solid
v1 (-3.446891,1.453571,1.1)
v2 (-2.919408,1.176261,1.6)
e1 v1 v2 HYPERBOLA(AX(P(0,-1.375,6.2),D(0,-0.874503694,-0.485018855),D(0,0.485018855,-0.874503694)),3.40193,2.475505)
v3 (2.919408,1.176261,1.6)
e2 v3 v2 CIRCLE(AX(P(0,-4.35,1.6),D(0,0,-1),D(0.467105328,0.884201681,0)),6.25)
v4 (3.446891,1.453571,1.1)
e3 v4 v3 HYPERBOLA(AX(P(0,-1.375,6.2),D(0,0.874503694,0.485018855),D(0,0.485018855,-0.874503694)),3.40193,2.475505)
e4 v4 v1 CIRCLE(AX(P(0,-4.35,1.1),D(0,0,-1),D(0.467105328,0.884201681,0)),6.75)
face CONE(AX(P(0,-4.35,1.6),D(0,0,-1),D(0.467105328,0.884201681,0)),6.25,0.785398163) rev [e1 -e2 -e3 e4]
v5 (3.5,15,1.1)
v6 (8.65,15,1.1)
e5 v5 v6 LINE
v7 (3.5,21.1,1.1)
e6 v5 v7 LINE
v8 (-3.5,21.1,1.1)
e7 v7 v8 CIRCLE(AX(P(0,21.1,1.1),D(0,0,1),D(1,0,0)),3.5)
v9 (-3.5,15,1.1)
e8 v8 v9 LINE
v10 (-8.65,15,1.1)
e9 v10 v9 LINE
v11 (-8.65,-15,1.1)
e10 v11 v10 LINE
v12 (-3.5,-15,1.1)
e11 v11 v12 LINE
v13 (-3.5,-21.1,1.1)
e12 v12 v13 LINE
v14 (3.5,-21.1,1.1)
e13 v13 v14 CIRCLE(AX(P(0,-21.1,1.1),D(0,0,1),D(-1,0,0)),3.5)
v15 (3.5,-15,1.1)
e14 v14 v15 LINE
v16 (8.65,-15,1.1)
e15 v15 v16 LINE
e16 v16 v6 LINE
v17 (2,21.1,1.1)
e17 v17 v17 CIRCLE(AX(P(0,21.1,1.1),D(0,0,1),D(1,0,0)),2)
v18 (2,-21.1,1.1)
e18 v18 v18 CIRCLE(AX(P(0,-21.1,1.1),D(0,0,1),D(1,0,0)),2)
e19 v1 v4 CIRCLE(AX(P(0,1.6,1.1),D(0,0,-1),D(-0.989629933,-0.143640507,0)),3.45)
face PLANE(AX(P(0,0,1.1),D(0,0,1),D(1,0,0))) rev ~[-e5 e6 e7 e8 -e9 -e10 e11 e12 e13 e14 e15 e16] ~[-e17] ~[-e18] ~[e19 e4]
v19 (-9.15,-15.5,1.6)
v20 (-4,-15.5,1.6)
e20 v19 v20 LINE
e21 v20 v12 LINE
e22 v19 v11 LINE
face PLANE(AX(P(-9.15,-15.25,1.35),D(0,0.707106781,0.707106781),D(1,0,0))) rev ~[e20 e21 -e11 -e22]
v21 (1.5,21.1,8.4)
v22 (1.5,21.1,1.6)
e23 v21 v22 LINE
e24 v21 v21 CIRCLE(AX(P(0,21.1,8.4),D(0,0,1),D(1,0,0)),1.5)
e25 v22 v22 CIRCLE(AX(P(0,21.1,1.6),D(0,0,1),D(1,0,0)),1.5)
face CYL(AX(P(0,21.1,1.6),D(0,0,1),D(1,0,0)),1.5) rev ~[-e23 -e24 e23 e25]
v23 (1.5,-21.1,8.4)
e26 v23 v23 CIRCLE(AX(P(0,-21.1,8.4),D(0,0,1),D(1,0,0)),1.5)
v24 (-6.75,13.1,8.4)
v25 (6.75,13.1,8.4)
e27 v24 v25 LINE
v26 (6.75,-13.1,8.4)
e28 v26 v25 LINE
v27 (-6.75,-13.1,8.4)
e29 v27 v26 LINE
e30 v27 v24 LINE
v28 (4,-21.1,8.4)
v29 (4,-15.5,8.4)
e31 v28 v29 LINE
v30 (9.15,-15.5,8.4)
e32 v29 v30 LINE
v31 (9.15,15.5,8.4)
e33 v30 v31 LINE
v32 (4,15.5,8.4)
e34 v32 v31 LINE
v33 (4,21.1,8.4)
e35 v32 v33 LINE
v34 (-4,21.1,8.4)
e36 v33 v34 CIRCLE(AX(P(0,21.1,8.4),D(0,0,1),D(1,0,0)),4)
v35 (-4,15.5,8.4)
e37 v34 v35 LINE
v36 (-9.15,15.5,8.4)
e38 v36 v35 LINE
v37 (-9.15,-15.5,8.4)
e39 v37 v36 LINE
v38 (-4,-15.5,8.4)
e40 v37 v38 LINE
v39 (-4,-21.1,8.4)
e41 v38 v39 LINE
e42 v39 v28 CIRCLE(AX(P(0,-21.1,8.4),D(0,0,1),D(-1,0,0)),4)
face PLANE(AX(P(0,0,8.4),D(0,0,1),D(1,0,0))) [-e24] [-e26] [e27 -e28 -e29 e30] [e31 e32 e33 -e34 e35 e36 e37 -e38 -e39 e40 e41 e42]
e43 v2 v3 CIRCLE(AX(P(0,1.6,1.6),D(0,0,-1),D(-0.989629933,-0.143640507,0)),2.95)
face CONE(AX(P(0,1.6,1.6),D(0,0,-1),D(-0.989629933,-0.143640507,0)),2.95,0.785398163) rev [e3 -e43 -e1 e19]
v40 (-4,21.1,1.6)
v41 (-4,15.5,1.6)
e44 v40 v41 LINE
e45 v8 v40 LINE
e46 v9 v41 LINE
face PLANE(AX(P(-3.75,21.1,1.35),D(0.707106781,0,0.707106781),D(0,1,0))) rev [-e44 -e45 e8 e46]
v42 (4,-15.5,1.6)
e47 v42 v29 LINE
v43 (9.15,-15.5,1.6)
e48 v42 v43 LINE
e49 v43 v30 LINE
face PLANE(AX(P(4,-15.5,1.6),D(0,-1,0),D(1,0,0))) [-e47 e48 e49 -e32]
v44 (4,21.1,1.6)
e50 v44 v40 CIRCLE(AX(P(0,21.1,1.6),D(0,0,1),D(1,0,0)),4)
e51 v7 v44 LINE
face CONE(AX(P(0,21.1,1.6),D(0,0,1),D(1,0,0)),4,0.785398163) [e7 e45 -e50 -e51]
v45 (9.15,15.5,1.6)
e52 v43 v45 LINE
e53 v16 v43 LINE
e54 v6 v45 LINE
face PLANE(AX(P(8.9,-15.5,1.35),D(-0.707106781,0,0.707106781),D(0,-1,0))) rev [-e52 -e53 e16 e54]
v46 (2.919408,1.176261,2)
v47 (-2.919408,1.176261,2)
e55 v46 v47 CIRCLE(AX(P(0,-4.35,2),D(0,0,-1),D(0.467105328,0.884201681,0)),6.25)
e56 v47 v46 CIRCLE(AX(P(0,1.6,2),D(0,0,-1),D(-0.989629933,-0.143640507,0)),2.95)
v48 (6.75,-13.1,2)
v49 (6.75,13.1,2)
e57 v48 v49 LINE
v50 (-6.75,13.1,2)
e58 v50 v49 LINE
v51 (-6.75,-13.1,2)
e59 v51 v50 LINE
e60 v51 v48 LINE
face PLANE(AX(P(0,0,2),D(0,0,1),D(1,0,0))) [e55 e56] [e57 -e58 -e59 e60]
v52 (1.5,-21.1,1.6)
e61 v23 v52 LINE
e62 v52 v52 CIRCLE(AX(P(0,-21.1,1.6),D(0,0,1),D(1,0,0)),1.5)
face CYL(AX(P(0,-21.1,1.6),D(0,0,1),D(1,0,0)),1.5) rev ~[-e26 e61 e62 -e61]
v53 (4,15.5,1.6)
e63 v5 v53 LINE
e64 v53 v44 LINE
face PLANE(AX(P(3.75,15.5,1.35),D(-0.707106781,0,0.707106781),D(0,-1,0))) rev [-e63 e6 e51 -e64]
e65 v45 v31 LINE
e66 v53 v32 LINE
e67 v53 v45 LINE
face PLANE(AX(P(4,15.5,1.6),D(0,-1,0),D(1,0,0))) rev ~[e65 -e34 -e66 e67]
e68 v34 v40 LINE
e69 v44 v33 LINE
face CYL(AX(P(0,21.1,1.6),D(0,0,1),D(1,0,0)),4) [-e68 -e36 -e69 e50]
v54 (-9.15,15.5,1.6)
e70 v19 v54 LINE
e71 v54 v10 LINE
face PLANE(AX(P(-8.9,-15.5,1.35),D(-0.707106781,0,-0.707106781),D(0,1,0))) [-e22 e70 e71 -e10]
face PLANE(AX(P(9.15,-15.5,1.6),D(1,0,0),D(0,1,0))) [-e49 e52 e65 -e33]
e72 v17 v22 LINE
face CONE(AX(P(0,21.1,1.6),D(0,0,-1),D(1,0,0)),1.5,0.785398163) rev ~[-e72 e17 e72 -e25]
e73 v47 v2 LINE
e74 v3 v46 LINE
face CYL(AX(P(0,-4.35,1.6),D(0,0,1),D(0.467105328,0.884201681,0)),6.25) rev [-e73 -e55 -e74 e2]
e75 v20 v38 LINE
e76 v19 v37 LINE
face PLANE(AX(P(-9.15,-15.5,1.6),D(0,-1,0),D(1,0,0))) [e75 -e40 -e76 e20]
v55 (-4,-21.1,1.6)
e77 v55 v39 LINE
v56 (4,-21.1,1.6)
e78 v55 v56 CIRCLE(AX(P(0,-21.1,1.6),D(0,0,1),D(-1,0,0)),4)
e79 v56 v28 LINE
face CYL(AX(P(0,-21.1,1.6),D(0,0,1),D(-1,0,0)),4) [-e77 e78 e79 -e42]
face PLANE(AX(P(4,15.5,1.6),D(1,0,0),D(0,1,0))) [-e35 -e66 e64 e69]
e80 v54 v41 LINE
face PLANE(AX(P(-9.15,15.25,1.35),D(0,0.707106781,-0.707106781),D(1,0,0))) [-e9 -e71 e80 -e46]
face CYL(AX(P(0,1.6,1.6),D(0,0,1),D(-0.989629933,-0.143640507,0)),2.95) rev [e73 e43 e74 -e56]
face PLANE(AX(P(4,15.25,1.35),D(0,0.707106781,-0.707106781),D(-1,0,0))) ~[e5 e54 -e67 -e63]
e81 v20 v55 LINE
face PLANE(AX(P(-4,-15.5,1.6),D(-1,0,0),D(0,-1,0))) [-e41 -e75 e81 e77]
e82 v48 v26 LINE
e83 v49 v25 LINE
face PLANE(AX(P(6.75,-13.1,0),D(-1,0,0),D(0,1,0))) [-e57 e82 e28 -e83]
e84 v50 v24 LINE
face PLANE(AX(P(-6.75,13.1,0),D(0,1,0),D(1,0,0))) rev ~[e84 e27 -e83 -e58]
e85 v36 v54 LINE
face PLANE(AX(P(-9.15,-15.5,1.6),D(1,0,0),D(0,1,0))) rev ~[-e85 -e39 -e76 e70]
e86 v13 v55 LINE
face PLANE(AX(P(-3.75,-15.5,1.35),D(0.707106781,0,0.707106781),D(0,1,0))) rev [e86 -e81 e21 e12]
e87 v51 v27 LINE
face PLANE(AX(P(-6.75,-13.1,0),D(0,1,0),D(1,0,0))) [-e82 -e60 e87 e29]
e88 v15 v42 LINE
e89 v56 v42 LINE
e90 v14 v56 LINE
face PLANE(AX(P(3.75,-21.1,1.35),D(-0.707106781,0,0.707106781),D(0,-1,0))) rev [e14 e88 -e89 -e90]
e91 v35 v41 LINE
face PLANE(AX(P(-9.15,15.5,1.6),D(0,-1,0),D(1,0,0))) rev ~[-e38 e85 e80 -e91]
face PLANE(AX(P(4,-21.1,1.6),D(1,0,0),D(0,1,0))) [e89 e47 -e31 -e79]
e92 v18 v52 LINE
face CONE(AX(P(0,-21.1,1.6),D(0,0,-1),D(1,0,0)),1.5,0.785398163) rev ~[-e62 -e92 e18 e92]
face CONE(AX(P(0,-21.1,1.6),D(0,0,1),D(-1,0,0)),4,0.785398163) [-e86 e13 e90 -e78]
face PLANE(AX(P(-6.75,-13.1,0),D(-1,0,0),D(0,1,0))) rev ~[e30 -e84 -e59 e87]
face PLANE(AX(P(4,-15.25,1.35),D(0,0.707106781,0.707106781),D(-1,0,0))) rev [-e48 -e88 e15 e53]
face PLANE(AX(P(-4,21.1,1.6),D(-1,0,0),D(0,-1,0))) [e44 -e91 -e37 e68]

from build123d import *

# Parameters (mm, degrees)
F0_W      = 13.5
F0_H      = 26.2
F1_DEPTH  = 2
F2_W      = 18.3
F2_H      = 31
F2_W_2    = 13.5
F2_H_2    = 26.2
F3_DEPTH  = 8.4
F4_R      = 1.5
F5_DEPTH  = 8.4
F6_DEPTH  = 2.4
F7_DEPTH  = 2
F8_DEPTH  = 2
F9_DEPTH  = 1
F10_DEPTH = 0.5
F11_SIZE  = 0.5


with BuildPart() as f1:
    # F0 (on Top) → F1 (new body)
    with BuildSketch(Plane.XY):
        Rectangle(F0_W, F0_H)
        with BuildLine():
            ThreePointArc((2.919408303, 1.1762605042), (0, -10.6), (-2.919408303, 1.1762605042))
            ThreePointArc((-2.919408303, 1.1762605042), (0, 4.55), (2.919408303, 1.1762605042))
        make_face(mode=Mode.SUBTRACT)
    extrude(amount=F1_DEPTH)

    # F2 (on Top) → F3 (join)
    with BuildSketch(Plane.XY):
        Rectangle(F2_W, F2_H)
        Rectangle(F2_W_2, F2_H_2, mode=Mode.SUBTRACT)
    extrude(amount=F3_DEPTH)

    # F4 (on Top) → F5 (join, through all)
    with BuildSketch(Plane.XY):
        with BuildLine():
            Line((-4, 21.1), (-4, 15.5))
            Line((-4, 15.5), (4, 15.5))
            Line((4, 15.5), (4, 21.1))
            ThreePointArc((4, 21.1), (0, 25.1), (-4, 21.1))
        make_face()
        with Locations((0, 21.1)):
            Circle(F4_R, mode=Mode.SUBTRACT)
        with BuildLine():
            Line((4, -21.1), (4, -15.5))
            Line((4, -15.5), (-4, -15.5))
            Line((-4, -15.5), (-4, -21.1))
            ThreePointArc((-4, -21.1), (0, -25.1), (4, -21.1))
        make_face()
        with Locations((0, -21.1)):
            Circle(F4_R, mode=Mode.SUBTRACT)
    extrude(amount=F5_DEPTH)

    # F6 (add): a face of the model
    f6_faces = [f1.faces().sort_by_distance(p)[0] for p in [
        (0, -11.1343154499, 0),
    ]]
    extrude(f6_faces, amount=F6_DEPTH)

    # F7 (cut): a face of the model
    f7_faces = [f1.faces().sort_by_distance(p)[0] for p in [
        (0, -11.1343154499, -2.4),
    ]]
    extrude(f7_faces, amount=-F7_DEPTH, mode=Mode.SUBTRACT)

    # F8 (cut): a face of the model
    f8_faces = [f1.faces().sort_by_distance(p)[0] for p in [
        (0, -11.1343154499, -0.4),
    ]]
    extrude(f8_faces, amount=-F8_DEPTH, mode=Mode.SUBTRACT)

    # F9 (add): a face of the model
    f9_faces = [f1.faces().sort_by_distance(p)[0] for p in [
        (0, -11.1343154499, 1.6),
    ]]
    extrude(f9_faces, amount=F9_DEPTH)

    # F10 (cut): a face of the model
    f10_faces = [f1.faces().sort_by_distance(p)[0] for p in [
        (0, -11.1343154499, 0.6),
    ]]
    extrude(f10_faces, amount=-F10_DEPTH, mode=Mode.SUBTRACT)

    # F11
    f11_edges = [f1.edges().sort_by_distance(p)[0] for p in [
        (0, -10.6, 1.1),
        (0, 4.55, 1.1),
        (9.15, 0, 1.1),
        (6.575, 15.5, 1.1),
        (4, 18.3, 1.1),
        (0, 25.1, 1.1),
        (-4, 18.3, 1.1),
        (-6.575, 15.5, 1.1),
        (-9.15, 0, 1.1),
        (-6.575, -15.5, 1.1),
        (-4, -18.3, 1.1),
        (0, -25.1, 1.1),
        (4, -18.3, 1.1),
        (6.575, -15.5, 1.1),
        (-1.5, 21.1, 1.1),
        (-1.5, -21.1, 1.1),
    ]]
    chamfer(f11_edges, length=F11_SIZE)


solid = f1.part
